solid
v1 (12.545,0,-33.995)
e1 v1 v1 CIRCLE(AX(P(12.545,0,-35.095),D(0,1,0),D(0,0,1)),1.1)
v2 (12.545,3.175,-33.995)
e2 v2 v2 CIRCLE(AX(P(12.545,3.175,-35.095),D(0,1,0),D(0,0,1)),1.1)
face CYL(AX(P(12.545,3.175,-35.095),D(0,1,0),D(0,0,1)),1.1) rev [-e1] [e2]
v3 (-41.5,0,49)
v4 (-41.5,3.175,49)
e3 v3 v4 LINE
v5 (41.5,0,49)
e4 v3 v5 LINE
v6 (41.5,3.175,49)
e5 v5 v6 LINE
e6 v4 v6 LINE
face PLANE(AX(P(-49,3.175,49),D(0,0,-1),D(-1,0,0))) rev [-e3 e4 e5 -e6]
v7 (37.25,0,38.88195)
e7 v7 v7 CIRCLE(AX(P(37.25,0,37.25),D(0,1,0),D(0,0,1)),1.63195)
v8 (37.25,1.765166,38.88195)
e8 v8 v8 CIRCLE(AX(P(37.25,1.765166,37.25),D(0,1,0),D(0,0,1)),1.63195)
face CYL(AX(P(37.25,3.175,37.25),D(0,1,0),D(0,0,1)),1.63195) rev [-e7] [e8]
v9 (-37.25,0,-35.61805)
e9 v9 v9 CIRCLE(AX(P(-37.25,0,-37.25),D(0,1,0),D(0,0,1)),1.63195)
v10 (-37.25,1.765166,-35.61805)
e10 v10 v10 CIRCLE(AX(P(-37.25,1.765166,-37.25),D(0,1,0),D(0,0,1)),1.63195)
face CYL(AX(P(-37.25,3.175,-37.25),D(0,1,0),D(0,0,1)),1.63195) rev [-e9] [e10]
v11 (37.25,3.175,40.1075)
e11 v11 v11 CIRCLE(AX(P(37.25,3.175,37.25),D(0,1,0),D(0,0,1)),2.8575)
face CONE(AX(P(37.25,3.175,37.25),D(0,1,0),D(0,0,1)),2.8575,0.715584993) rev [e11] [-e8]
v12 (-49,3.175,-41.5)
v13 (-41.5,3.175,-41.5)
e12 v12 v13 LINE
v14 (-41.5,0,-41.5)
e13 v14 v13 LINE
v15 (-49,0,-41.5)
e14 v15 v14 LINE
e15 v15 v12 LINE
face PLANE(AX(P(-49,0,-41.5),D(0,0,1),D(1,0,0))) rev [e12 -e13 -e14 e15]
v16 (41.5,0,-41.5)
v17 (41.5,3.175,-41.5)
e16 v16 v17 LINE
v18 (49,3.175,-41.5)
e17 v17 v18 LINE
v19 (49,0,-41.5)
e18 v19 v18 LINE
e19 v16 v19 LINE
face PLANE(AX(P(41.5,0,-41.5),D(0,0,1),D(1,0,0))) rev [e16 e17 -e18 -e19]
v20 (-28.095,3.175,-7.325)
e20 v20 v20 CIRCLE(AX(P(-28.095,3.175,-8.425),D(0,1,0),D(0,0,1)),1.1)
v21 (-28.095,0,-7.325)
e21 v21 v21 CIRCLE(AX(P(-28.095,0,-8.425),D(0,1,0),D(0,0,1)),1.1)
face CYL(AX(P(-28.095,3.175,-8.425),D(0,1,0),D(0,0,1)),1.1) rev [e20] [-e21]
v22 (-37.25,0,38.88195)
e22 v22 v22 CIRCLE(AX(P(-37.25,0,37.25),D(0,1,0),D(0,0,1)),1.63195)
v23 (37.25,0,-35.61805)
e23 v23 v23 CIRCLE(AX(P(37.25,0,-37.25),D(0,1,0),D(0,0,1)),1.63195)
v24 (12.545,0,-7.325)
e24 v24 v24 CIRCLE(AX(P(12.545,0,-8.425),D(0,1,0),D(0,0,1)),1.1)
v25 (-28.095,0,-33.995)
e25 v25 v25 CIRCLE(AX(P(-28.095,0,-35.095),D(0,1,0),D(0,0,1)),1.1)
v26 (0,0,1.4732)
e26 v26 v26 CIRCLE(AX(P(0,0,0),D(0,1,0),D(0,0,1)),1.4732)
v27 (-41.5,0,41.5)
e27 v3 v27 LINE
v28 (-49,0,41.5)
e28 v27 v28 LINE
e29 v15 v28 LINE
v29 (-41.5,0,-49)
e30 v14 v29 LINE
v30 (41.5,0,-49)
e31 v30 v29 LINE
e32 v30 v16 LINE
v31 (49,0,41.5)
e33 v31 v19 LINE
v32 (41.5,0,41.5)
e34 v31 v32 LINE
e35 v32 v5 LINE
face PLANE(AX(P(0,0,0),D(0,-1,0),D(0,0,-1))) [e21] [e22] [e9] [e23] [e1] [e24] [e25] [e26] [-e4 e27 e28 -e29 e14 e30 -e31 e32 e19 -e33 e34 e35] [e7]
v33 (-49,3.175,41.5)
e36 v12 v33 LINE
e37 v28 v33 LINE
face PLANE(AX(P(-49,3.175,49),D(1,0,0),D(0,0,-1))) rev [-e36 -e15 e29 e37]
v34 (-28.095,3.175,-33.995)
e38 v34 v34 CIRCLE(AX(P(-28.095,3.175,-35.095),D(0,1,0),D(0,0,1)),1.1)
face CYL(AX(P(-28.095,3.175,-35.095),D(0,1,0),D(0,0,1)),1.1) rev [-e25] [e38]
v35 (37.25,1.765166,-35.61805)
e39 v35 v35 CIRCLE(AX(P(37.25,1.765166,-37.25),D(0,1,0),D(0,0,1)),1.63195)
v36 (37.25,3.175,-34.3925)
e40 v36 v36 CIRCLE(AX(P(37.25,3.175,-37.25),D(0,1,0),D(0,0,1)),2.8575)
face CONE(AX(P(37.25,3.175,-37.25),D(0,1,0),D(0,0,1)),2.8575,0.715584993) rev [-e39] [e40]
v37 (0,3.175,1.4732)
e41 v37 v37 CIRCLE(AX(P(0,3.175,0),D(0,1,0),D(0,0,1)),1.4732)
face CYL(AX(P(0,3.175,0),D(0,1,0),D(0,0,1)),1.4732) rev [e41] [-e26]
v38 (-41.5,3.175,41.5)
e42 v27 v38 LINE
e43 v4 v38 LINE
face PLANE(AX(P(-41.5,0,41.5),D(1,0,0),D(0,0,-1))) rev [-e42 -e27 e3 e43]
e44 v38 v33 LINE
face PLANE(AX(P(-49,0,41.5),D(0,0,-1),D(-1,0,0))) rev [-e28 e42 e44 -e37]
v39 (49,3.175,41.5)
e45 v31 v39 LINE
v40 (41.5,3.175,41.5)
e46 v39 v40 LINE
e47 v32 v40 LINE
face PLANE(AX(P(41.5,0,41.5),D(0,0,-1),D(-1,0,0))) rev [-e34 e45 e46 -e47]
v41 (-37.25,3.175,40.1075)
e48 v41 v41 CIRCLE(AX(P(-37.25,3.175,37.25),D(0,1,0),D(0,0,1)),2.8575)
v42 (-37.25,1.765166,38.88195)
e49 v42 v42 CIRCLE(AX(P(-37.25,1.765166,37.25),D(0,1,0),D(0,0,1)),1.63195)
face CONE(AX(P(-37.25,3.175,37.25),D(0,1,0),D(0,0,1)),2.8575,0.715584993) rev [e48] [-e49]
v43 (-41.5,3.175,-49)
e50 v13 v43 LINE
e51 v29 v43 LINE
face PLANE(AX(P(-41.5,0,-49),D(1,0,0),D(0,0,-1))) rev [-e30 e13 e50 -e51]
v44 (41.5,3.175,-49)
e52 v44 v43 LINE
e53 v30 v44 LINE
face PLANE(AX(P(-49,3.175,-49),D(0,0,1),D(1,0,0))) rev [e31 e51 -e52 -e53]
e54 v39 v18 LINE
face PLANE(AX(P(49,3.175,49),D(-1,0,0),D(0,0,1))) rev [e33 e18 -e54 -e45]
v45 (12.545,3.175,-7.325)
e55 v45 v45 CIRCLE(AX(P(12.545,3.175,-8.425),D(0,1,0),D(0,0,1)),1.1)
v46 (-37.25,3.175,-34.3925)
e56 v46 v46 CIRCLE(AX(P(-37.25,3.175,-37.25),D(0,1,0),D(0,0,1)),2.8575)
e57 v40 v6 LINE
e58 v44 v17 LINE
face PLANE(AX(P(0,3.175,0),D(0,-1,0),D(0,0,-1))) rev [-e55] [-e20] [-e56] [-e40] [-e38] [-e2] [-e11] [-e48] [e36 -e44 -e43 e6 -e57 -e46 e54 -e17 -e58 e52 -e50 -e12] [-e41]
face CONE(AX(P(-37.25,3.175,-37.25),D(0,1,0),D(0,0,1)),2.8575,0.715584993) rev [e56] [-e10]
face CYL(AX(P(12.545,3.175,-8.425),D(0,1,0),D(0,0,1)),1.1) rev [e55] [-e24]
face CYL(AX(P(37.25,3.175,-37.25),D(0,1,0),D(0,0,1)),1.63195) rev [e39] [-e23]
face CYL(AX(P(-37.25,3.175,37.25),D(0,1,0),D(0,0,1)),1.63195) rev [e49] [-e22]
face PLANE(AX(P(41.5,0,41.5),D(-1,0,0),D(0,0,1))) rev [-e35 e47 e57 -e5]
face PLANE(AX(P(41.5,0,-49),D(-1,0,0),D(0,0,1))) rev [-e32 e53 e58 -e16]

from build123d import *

# Parameters (mm, degrees)
SKETCH1_W                                     = 98
SKETCH1_H                                     = 98
BOSS_EXTRUDE1_DEPTH                           = 3.175
SKETCH2_W                                     = 7.5
SKETCH2_H                                     = 7.5
CUT_EXTRUDE1_DEPTH                            = 70.369161917
F_4_CLEARANCE_HOLE1_D                         = 2.9464
M2_CLEARANCE_HOLE1_D                          = 2.2
CSK_FOR_4_FLAT_HEAD_MACHINE_SCREW1_AT_2_COUNT = 2
CSK_FOR_4_FLAT_HEAD_MACHINE_SCREW1_AT_2_PITCH = 74.5
CSK_FOR_4_FLAT_HEAD_MACHINE_SCREW1_AT_3_COUNT = 2
CSK_FOR_4_FLAT_HEAD_MACHINE_SCREW1_AT_3_PITCH = 105.358910397
CSK_FOR_4_FLAT_HEAD_MACHINE_SCREW1_AT_4_COUNT = 2
CSK_FOR_4_FLAT_HEAD_MACHINE_SCREW1_AT_4_PITCH = 74.5


with BuildPart() as part:
    # Sketch1 → Boss-Extrude1 (new body)
    with BuildSketch(Plane(origin=(0, 0, 0), x_dir=(1, 0, 0), z_dir=(0, 1, 0))):
        Rectangle(SKETCH1_W, SKETCH1_H)
    extrude(amount=BOSS_EXTRUDE1_DEPTH)

    # Sketch2 → Cut-Extrude1 (cut, through all)
    with BuildSketch(Plane(origin=(0, 3.175, 0), x_dir=(1, 0, 0), z_dir=(0, 1, 0))):
        with Locations((45.25, 45.25)):
            Rectangle(SKETCH2_W, SKETCH2_H)
        with Locations((-45.25, 45.25)):
            Rectangle(SKETCH2_W, SKETCH2_H)
        with Locations((45.25, -45.25)):
            Rectangle(SKETCH2_W, SKETCH2_H)
        with Locations((-45.25, -45.25)):
            Rectangle(SKETCH2_W, SKETCH2_H)
    extrude(amount=-CUT_EXTRUDE1_DEPTH, mode=Mode.SUBTRACT)

    # #4 Clearance Hole1 (through all)
    with Locations(Plane(origin=(0, 3.175, 0), x_dir=(1, 0, 0), z_dir=(0, 1, 0))):
        with Locations((0, 0)):
            Hole(F_4_CLEARANCE_HOLE1_D / 2)

    # M2 Clearance Hole1 (through all)
    with Locations(Plane(origin=(0, 3.175, 0), x_dir=(1, 0, 0), z_dir=(0, 1, 0))):
        with Locations((-28.095, 35.095), (12.545, 35.095), (12.545, 8.425), (-28.095, 8.425)):
            Hole(M2_CLEARANCE_HOLE1_D / 2)

    # Sketch9 → CSK for #4 Flat Head Machine Screw1 (revolve, cut)
    with BuildSketch(Plane(origin=(37.25, 3.175, 37.25), x_dir=(0, 0, 1), z_dir=(1, 0, 0))):
        Polygon((0, 0), (0, 3.175), (1.63195, 3.175), (1.63195, 1.409834001), (2.8575, 0), align=None)
    csk_for_4_flat_head_machine_screw1 = revolve(axis=Axis((37.25, 9.525, 37.25), (0, -1, 0)), mode=Mode.SUBTRACT)

    # CSK for #4 Flat Head Machine Screw1 at 2: CSK for #4 Flat Head Machine Screw1 ×2
    with Locations(*[(-i * CSK_FOR_4_FLAT_HEAD_MACHINE_SCREW1_AT_2_PITCH, 0, 0) for i in range(1, CSK_FOR_4_FLAT_HEAD_MACHINE_SCREW1_AT_2_COUNT)]):
        add(csk_for_4_flat_head_machine_screw1, mode=Mode.SUBTRACT)

    # CSK for #4 Flat Head Machine Screw1 at 3: CSK for #4 Flat Head Machine Screw1 ×2
    with Locations(*[Vector(-0.7071067811865502, 0, -0.7071067811865448) * (i * CSK_FOR_4_FLAT_HEAD_MACHINE_SCREW1_AT_3_PITCH) for i in range(1, CSK_FOR_4_FLAT_HEAD_MACHINE_SCREW1_AT_3_COUNT)]):
        add(csk_for_4_flat_head_machine_screw1, mode=Mode.SUBTRACT)

    # CSK for #4 Flat Head Machine Screw1 at 4: CSK for #4 Flat Head Machine Screw1 ×2
    with Locations(*[(0, 0, -i * CSK_FOR_4_FLAT_HEAD_MACHINE_SCREW1_AT_4_PITCH) for i in range(1, CSK_FOR_4_FLAT_HEAD_MACHINE_SCREW1_AT_4_COUNT)]):
        add(csk_for_4_flat_head_machine_screw1, mode=Mode.SUBTRACT)


solid = part.part
